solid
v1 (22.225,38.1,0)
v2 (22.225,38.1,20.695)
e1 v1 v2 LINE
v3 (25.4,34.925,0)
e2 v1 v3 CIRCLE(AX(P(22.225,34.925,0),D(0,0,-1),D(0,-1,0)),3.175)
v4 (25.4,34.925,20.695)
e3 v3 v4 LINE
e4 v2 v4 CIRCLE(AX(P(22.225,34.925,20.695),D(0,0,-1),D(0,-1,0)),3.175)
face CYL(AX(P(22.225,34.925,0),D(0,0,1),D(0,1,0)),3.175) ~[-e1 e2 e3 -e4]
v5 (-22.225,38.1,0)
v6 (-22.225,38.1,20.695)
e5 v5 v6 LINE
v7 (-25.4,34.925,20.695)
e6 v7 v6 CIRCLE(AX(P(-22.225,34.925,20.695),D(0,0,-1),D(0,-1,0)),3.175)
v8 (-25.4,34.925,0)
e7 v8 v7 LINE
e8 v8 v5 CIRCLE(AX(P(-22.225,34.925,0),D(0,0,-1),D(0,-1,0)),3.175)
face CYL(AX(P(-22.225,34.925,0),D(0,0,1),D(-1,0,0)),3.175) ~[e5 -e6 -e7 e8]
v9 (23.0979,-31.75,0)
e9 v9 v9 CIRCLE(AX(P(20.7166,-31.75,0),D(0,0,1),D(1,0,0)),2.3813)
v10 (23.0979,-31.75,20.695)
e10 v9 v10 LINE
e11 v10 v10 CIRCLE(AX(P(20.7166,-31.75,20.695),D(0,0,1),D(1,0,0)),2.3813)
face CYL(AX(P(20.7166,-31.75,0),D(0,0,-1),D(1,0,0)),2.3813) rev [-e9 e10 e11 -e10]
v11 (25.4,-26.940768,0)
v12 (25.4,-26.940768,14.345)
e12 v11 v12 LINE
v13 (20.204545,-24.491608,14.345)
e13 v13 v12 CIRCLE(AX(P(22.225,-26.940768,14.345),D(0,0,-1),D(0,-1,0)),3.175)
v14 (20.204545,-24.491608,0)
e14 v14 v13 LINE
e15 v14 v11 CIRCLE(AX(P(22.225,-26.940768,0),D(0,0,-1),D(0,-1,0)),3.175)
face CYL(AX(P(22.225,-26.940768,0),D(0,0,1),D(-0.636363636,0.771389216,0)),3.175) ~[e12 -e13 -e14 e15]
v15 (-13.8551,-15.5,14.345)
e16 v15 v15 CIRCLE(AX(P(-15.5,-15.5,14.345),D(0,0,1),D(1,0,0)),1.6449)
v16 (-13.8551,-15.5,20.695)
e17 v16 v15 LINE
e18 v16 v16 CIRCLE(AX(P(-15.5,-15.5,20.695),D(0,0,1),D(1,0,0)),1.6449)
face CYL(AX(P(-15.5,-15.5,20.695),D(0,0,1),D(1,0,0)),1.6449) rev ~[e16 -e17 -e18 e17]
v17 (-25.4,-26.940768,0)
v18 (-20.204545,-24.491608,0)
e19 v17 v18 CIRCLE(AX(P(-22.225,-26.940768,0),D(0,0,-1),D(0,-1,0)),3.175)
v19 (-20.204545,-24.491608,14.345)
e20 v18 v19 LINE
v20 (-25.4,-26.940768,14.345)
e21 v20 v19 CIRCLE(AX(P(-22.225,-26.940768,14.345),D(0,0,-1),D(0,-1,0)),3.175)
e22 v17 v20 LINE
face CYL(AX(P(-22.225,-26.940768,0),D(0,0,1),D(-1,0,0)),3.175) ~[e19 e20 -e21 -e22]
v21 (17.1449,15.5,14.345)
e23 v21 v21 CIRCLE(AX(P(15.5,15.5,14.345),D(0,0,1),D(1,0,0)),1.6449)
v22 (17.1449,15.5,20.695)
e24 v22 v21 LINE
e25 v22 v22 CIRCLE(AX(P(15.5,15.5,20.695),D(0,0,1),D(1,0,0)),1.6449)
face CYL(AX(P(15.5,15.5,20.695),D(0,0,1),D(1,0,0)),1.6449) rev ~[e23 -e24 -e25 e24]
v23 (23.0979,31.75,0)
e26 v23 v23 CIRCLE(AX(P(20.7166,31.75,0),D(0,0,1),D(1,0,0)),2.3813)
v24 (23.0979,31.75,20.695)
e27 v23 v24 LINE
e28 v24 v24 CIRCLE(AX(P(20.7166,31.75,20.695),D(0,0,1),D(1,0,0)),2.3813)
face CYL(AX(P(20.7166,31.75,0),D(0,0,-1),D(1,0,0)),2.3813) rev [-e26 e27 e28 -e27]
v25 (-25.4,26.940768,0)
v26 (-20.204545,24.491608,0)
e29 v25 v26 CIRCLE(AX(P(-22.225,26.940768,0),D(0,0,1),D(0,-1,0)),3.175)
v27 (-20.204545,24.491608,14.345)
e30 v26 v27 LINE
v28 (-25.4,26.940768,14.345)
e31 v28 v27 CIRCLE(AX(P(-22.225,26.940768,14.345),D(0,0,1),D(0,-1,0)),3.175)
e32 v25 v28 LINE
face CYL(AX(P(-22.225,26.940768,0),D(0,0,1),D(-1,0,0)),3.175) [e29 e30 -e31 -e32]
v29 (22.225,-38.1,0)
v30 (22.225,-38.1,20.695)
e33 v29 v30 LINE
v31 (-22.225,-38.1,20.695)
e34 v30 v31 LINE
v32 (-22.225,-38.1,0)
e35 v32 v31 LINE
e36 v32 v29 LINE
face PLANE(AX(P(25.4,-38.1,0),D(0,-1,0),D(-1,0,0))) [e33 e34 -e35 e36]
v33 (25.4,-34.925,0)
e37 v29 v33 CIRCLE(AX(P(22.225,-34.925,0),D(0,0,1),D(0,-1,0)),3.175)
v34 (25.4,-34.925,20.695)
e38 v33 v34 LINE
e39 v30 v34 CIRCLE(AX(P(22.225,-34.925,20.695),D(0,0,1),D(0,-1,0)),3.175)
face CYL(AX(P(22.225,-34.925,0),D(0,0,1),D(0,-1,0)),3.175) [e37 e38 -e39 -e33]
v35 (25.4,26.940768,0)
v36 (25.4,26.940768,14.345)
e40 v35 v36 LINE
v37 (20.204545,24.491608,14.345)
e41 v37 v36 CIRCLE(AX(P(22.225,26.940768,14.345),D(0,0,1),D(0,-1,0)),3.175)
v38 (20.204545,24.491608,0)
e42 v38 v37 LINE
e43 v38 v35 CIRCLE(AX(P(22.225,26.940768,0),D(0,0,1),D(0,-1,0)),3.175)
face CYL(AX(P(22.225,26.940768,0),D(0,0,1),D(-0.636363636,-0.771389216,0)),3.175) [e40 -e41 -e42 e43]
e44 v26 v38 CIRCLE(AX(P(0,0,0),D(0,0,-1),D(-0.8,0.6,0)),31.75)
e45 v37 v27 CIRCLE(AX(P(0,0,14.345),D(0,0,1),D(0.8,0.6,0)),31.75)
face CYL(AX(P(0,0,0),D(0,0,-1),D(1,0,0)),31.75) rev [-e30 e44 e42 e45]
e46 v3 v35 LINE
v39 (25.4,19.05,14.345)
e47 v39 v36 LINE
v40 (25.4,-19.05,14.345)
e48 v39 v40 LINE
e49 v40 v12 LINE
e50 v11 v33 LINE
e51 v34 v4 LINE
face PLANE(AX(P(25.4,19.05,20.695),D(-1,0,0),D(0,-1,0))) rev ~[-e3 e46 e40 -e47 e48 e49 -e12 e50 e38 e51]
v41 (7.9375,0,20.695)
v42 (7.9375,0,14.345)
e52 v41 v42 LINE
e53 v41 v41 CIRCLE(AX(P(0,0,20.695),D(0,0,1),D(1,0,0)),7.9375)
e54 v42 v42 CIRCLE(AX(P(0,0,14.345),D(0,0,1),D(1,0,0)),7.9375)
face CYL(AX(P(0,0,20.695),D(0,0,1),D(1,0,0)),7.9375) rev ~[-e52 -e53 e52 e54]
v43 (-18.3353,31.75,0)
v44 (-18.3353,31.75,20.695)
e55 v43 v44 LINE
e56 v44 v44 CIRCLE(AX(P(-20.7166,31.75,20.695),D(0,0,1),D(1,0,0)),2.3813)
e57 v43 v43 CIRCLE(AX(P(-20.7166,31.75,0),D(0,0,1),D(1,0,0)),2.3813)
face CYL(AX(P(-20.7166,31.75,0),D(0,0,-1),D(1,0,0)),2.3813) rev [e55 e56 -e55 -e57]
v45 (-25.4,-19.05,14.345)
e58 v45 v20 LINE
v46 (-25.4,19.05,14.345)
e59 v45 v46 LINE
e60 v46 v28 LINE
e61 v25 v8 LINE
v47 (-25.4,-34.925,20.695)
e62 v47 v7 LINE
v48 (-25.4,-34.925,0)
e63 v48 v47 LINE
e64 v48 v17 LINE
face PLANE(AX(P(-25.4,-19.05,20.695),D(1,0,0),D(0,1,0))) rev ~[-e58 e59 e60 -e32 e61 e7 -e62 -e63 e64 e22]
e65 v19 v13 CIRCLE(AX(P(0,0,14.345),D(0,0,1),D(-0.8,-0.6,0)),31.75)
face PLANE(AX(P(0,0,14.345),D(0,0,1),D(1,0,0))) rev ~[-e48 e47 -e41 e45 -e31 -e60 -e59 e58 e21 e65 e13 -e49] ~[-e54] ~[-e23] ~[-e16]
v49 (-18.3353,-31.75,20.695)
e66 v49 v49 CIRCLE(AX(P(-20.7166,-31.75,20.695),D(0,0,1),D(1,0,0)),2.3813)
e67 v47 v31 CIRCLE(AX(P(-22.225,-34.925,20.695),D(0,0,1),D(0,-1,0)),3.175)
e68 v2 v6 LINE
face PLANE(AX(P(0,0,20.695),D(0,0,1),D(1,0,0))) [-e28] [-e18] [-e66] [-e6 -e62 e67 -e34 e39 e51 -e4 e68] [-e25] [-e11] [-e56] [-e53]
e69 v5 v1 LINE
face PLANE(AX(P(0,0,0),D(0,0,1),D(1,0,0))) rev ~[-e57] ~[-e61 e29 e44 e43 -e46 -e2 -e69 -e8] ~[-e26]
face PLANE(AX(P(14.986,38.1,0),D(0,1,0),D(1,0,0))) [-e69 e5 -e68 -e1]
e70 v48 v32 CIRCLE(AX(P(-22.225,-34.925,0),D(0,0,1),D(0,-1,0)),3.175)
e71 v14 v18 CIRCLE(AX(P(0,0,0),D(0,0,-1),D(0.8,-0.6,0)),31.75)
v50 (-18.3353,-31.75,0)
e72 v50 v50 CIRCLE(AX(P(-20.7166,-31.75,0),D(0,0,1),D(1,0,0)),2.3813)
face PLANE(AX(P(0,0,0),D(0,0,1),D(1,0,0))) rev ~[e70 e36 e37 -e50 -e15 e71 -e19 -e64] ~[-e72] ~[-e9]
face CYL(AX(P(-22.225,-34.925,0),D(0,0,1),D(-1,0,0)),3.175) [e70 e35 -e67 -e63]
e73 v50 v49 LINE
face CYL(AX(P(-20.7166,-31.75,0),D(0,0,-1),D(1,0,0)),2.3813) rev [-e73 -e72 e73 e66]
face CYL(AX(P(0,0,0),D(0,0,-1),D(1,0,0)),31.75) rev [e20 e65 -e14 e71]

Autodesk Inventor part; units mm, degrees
ref_plane "YZ Plane" through (0, 0, 0) normal (1, 0, 0) x (0, 1, 0)
ref_plane "XZ Plane" through (0, 0, 0) normal (0, 1, 0) x (-1, 0, 0)
sketch "Sketch1" plane through (0, 0, 0) normal (0, 0, 1) x (1, 0, 0)
  circle A0 centre (0, 0) radius 31.75 projected
  line L0 (25.4, 38.1) -> (25.4, -38.1) projected
  circle A1 centre (20.7166, 31.75) radius 2.3813 projected
  line L1 (14.986, 531.4221) -> (14.986, -382.9779) projected
  line L2 (-25.4, 38.1) -> (25.4, 38.1) projected
  circle A2 centre (-20.7166, 31.75) radius 2.3813 projected
  line L3 (-25.4, -38.1) -> (-25.4, 38.1) projected
  circle A3 centre (-20.7166, -31.75) radius 2.3813 projected
  line L4 (25.4, -38.1) -> (-25.4, -38.1) projected
  circle A4 centre (20.7166, -31.75) radius 2.3813 projected
  circle A5 centre (0, 0) radius 31.75 projected
  point P0 (0, 0)
  point P1 (25.4, -19.05)
  point P2 (-25.4, -19.05)
  point P3 (-25.4, 19.05)
  point P4 (25.4, 19.05)
ref_plane "Work Plane1" through (-19.4127, -19.4127, 20.695) normal (0, 0, -1) x (0, 1, 0)
extrude "Extrusion1" add sketch "Sketch1" along normal up to surface (20.695 mm away) contours A0 L1 L2 L0 | L0 L4 L1 A0 | A0 L3 L2 L1 | L1 L4 L3 A0
sketch "Sketch2" plane through (0, 0, 20.695) normal (0, 0, 1) x (1, 0, 0)
  arc A0 (-25.4, -19.05) -> (25.4, -19.05) centre (0, 0) ccw projected
  line L0 (25.4, 38.1) -> (25.4, -38.1) projected
  arc A1 (25.4, 19.05) -> (-25.4, 19.05) centre (0, 0) ccw projected
  line L1 (-25.4, -38.1) -> (-25.4, 38.1) projected
  circle A2 centre (-15.5, -15.5) radius 1.6449 projected
  circle A3 centre (15.5, 15.5) radius 1.6449 projected
  circle A4 centre (0, 0) radius 7.9375
  point P0 (0, 0)
  dimension "d2" = 15.875
extrude "Extrusion2" add sketch "Sketch2" against normal blind 6.35
fillet "Fillet1" radius 3.175 8 edges at (-25.4, -19.05, 7.1725) (-25.4, 19.05, 7.1725) (-25.4, 38.1, 10.3475) (25.4, 38.1, 10.3475) (25.4, -38.1, 10.3475) (-25.4, -38.1, 10.3475) (25.4, 19.05, 7.1725) (25.4, -19.05, 7.1725)
properties part number "Printed Encoder Mount"
